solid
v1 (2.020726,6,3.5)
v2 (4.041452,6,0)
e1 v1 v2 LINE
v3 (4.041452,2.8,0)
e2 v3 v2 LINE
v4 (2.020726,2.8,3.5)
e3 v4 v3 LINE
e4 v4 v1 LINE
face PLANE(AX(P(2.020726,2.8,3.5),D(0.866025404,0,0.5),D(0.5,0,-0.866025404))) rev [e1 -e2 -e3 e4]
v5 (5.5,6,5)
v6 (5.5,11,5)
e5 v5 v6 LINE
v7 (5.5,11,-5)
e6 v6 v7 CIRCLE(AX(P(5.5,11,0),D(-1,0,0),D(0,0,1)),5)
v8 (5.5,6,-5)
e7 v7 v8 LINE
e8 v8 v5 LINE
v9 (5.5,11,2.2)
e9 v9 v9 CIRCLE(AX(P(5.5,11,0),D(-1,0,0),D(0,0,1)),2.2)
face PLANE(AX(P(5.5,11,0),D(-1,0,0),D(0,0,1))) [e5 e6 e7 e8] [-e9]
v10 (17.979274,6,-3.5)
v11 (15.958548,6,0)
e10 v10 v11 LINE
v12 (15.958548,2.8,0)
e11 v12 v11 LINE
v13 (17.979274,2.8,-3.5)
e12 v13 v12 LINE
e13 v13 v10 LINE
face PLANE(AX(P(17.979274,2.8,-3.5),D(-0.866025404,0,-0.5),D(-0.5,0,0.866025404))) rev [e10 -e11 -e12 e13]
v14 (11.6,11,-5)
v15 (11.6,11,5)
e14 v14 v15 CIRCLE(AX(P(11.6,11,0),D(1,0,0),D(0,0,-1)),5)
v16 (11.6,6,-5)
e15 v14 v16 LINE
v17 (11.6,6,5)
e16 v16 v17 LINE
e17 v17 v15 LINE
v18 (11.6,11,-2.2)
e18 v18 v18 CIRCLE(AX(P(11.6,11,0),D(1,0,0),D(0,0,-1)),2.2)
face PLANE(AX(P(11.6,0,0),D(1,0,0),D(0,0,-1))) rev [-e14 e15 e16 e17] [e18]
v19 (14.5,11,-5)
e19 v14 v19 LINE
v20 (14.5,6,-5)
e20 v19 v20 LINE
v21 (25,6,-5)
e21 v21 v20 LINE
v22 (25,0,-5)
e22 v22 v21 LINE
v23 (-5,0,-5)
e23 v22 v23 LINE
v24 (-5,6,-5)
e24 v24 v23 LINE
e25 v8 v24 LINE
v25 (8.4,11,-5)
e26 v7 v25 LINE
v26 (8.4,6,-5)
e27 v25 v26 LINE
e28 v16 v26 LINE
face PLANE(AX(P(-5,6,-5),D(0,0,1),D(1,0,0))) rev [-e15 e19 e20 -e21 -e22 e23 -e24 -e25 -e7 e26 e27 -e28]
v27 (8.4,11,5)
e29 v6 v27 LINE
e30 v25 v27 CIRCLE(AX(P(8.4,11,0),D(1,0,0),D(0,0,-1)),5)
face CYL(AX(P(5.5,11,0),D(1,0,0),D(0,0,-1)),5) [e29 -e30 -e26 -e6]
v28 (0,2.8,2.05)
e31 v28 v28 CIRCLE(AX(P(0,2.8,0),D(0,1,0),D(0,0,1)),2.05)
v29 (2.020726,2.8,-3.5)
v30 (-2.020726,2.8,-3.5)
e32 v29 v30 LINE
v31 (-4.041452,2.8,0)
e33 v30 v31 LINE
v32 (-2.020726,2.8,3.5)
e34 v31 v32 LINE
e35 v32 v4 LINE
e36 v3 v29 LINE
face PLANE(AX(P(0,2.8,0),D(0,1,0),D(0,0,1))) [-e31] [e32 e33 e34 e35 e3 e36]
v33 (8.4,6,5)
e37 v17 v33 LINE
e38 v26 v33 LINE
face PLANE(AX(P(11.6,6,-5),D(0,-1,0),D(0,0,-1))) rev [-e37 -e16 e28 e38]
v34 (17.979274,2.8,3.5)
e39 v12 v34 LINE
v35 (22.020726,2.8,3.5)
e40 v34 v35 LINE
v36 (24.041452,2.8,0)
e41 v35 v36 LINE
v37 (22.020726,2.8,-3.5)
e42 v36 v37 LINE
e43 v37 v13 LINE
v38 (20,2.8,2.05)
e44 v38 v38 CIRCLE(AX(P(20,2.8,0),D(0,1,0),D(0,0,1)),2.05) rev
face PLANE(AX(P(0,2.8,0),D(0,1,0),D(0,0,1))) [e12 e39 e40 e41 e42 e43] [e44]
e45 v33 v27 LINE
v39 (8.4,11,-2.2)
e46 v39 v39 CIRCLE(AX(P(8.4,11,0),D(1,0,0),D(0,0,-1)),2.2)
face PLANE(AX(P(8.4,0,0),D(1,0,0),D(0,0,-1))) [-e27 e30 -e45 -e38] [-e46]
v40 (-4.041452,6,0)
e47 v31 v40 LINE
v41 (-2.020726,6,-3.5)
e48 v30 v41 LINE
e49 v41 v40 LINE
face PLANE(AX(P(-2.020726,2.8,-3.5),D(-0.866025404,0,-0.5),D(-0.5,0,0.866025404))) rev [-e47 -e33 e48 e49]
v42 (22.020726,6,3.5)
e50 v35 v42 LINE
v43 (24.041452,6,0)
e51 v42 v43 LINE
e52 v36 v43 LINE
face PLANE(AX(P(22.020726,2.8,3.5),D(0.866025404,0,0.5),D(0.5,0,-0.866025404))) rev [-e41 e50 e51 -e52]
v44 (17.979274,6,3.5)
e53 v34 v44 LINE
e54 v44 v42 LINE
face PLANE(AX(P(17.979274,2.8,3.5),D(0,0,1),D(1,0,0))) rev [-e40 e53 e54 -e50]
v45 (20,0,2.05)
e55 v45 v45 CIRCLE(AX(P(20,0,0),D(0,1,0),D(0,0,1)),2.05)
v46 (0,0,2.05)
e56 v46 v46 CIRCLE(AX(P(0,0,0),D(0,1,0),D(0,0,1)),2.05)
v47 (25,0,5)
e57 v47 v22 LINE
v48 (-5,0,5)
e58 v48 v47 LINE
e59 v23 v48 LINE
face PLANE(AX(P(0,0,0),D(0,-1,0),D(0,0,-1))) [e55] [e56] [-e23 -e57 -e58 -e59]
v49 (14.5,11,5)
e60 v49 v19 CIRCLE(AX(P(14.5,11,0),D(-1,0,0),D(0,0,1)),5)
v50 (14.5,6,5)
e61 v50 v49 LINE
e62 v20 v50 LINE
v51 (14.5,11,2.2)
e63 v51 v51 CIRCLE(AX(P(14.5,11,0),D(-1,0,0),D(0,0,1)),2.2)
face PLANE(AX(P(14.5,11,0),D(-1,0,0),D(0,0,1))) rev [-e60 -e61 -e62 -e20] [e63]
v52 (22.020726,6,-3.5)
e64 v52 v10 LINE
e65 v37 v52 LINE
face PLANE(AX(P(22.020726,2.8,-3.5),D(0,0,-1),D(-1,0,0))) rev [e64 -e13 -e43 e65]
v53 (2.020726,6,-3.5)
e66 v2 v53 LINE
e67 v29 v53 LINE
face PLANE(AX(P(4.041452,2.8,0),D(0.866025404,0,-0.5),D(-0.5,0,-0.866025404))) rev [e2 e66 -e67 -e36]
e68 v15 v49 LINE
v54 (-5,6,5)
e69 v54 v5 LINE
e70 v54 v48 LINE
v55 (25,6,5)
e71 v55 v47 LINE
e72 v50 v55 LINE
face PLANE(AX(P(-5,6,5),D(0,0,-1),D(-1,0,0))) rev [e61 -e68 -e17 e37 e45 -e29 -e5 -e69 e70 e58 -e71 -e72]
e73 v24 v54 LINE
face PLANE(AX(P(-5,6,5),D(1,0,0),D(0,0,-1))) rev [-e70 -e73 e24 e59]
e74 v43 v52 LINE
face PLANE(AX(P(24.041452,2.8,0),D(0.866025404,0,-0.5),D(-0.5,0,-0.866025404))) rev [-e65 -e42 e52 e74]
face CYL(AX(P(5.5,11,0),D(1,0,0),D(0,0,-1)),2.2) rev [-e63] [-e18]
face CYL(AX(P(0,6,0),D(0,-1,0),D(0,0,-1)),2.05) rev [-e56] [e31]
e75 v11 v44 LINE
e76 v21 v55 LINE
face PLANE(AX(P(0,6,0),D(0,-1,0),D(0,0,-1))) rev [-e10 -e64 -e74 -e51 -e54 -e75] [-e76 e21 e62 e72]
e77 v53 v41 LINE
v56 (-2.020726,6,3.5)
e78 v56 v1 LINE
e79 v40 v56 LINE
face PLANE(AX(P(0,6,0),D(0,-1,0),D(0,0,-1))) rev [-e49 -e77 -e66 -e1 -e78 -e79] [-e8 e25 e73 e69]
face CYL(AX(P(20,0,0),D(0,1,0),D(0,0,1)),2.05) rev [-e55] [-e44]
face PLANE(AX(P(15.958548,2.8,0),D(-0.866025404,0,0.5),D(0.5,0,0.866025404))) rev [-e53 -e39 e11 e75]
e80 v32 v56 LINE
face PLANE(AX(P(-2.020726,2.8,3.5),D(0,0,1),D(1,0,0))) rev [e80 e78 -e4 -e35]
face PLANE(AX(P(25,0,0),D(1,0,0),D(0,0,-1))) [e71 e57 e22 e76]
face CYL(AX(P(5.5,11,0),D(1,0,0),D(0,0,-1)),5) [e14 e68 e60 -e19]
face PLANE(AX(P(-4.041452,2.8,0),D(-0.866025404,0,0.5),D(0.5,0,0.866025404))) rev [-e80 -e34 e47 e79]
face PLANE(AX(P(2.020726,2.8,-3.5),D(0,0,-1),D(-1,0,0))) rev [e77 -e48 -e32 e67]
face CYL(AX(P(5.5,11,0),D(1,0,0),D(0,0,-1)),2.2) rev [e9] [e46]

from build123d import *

# Parameters (mm, degrees)
SKETCH1_W           = 10
SKETCH1_H           = 10
SKETCH1_R           = 2.05
BOSS_EXTRUDE1_DEPTH = 6
CUT_EXTRUDE1_DEPTH  = 3.2
SKETCH3_W           = 10
SKETCH3_H           = 6
BOSS_EXTRUDE2_DEPTH = 20
SKETCH4_R           = 2.05
CUT_EXTRUDE2_DEPTH  = 27.191601707
CUT_EXTRUDE3_DEPTH  = 3.2
SKETCH6_R           = 2.2
BOSS_EXTRUDE3_DEPTH = 4.5
SKETCH7_W           = 10
SKETCH7_H           = 10.114722763
CUT_EXTRUDE4_DEPTH  = 1.6


with BuildPart() as part:
    # Sketch1 → Boss-Extrude1 (new body)
    with BuildSketch(Plane(origin=(0, 0, 0), x_dir=(1, 0, 0), z_dir=(0, 1, 0))):
        Rectangle(SKETCH1_W, SKETCH1_H)
        with Locations(Location((0, 0, 0), (0, 0, 270))):
            Circle(SKETCH1_R, mode=Mode.SUBTRACT)
    extrude(amount=BOSS_EXTRUDE1_DEPTH)

    # Sketch2 → Cut-Extrude1 (cut)
    with BuildSketch(Plane(origin=(0, 6, 0), x_dir=(1, 0, 0), z_dir=(0, 1, 0))):
        Polygon((4.041451884, 0), (2.020725942, 3.5), (-2.020725942, 3.5), (-4.041451884, 0), (-2.020725942, -3.5), (2.020725942, -3.5), align=None)
    extrude(amount=-CUT_EXTRUDE1_DEPTH, mode=Mode.SUBTRACT)

    # Sketch3 → Boss-Extrude2 (add)
    with BuildSketch(Plane(origin=(5, 0, 0), x_dir=(0, 0, -1), z_dir=(1, 0, 0))):
        with Locations((0, 3)):
            Rectangle(SKETCH3_W, SKETCH3_H)
    extrude(amount=BOSS_EXTRUDE2_DEPTH)

    # Sketch4 → Cut-Extrude2 (cut, through all)
    with BuildSketch(Plane(origin=(0, 6, 0), x_dir=(1, 0, 0), z_dir=(0, 1, 0))):
        with Locations(Location((20, 0, 0), (0, 0, 270))):
            Circle(SKETCH4_R)
    extrude(amount=-CUT_EXTRUDE2_DEPTH, mode=Mode.SUBTRACT)

    # Sketch5 → Cut-Extrude3 (cut)
    with BuildSketch(Plane(origin=(0, 6, 0), x_dir=(1, 0, 0), z_dir=(0, 1, 0))):
        Polygon((24.041451884, 0), (22.020725942, 3.5), (17.979274058, 3.5), (15.958548116, 0), (17.979274058, -3.5), (22.020725942, -3.5), align=None)
    extrude(amount=-CUT_EXTRUDE3_DEPTH, mode=Mode.SUBTRACT)

    # Sketch6 → Boss-Extrude3 (add, symmetric)
    with BuildSketch(Plane.ZY.offset(-10)):
        with BuildLine():
            Line((5, 6), (5, 11))
            ThreePointArc((5, 11), (0, 16), (-5, 11))
            Line((-5, 11), (-5, 6))
            Line((-5, 6), (5, 6))
        make_face()
        with Locations((0, 11)):
            Circle(SKETCH6_R, mode=Mode.SUBTRACT)
    extrude(amount=BOSS_EXTRUDE3_DEPTH, both=True)

    # Sketch7 → Cut-Extrude4 (cut, symmetric)
    with BuildSketch(Plane.ZY.offset(-10)):
        with Locations((0, 11.057361381)):
            Rectangle(SKETCH7_W, SKETCH7_H)
    extrude(amount=CUT_EXTRUDE4_DEPTH, both=True, mode=Mode.SUBTRACT)


solid = part.part
